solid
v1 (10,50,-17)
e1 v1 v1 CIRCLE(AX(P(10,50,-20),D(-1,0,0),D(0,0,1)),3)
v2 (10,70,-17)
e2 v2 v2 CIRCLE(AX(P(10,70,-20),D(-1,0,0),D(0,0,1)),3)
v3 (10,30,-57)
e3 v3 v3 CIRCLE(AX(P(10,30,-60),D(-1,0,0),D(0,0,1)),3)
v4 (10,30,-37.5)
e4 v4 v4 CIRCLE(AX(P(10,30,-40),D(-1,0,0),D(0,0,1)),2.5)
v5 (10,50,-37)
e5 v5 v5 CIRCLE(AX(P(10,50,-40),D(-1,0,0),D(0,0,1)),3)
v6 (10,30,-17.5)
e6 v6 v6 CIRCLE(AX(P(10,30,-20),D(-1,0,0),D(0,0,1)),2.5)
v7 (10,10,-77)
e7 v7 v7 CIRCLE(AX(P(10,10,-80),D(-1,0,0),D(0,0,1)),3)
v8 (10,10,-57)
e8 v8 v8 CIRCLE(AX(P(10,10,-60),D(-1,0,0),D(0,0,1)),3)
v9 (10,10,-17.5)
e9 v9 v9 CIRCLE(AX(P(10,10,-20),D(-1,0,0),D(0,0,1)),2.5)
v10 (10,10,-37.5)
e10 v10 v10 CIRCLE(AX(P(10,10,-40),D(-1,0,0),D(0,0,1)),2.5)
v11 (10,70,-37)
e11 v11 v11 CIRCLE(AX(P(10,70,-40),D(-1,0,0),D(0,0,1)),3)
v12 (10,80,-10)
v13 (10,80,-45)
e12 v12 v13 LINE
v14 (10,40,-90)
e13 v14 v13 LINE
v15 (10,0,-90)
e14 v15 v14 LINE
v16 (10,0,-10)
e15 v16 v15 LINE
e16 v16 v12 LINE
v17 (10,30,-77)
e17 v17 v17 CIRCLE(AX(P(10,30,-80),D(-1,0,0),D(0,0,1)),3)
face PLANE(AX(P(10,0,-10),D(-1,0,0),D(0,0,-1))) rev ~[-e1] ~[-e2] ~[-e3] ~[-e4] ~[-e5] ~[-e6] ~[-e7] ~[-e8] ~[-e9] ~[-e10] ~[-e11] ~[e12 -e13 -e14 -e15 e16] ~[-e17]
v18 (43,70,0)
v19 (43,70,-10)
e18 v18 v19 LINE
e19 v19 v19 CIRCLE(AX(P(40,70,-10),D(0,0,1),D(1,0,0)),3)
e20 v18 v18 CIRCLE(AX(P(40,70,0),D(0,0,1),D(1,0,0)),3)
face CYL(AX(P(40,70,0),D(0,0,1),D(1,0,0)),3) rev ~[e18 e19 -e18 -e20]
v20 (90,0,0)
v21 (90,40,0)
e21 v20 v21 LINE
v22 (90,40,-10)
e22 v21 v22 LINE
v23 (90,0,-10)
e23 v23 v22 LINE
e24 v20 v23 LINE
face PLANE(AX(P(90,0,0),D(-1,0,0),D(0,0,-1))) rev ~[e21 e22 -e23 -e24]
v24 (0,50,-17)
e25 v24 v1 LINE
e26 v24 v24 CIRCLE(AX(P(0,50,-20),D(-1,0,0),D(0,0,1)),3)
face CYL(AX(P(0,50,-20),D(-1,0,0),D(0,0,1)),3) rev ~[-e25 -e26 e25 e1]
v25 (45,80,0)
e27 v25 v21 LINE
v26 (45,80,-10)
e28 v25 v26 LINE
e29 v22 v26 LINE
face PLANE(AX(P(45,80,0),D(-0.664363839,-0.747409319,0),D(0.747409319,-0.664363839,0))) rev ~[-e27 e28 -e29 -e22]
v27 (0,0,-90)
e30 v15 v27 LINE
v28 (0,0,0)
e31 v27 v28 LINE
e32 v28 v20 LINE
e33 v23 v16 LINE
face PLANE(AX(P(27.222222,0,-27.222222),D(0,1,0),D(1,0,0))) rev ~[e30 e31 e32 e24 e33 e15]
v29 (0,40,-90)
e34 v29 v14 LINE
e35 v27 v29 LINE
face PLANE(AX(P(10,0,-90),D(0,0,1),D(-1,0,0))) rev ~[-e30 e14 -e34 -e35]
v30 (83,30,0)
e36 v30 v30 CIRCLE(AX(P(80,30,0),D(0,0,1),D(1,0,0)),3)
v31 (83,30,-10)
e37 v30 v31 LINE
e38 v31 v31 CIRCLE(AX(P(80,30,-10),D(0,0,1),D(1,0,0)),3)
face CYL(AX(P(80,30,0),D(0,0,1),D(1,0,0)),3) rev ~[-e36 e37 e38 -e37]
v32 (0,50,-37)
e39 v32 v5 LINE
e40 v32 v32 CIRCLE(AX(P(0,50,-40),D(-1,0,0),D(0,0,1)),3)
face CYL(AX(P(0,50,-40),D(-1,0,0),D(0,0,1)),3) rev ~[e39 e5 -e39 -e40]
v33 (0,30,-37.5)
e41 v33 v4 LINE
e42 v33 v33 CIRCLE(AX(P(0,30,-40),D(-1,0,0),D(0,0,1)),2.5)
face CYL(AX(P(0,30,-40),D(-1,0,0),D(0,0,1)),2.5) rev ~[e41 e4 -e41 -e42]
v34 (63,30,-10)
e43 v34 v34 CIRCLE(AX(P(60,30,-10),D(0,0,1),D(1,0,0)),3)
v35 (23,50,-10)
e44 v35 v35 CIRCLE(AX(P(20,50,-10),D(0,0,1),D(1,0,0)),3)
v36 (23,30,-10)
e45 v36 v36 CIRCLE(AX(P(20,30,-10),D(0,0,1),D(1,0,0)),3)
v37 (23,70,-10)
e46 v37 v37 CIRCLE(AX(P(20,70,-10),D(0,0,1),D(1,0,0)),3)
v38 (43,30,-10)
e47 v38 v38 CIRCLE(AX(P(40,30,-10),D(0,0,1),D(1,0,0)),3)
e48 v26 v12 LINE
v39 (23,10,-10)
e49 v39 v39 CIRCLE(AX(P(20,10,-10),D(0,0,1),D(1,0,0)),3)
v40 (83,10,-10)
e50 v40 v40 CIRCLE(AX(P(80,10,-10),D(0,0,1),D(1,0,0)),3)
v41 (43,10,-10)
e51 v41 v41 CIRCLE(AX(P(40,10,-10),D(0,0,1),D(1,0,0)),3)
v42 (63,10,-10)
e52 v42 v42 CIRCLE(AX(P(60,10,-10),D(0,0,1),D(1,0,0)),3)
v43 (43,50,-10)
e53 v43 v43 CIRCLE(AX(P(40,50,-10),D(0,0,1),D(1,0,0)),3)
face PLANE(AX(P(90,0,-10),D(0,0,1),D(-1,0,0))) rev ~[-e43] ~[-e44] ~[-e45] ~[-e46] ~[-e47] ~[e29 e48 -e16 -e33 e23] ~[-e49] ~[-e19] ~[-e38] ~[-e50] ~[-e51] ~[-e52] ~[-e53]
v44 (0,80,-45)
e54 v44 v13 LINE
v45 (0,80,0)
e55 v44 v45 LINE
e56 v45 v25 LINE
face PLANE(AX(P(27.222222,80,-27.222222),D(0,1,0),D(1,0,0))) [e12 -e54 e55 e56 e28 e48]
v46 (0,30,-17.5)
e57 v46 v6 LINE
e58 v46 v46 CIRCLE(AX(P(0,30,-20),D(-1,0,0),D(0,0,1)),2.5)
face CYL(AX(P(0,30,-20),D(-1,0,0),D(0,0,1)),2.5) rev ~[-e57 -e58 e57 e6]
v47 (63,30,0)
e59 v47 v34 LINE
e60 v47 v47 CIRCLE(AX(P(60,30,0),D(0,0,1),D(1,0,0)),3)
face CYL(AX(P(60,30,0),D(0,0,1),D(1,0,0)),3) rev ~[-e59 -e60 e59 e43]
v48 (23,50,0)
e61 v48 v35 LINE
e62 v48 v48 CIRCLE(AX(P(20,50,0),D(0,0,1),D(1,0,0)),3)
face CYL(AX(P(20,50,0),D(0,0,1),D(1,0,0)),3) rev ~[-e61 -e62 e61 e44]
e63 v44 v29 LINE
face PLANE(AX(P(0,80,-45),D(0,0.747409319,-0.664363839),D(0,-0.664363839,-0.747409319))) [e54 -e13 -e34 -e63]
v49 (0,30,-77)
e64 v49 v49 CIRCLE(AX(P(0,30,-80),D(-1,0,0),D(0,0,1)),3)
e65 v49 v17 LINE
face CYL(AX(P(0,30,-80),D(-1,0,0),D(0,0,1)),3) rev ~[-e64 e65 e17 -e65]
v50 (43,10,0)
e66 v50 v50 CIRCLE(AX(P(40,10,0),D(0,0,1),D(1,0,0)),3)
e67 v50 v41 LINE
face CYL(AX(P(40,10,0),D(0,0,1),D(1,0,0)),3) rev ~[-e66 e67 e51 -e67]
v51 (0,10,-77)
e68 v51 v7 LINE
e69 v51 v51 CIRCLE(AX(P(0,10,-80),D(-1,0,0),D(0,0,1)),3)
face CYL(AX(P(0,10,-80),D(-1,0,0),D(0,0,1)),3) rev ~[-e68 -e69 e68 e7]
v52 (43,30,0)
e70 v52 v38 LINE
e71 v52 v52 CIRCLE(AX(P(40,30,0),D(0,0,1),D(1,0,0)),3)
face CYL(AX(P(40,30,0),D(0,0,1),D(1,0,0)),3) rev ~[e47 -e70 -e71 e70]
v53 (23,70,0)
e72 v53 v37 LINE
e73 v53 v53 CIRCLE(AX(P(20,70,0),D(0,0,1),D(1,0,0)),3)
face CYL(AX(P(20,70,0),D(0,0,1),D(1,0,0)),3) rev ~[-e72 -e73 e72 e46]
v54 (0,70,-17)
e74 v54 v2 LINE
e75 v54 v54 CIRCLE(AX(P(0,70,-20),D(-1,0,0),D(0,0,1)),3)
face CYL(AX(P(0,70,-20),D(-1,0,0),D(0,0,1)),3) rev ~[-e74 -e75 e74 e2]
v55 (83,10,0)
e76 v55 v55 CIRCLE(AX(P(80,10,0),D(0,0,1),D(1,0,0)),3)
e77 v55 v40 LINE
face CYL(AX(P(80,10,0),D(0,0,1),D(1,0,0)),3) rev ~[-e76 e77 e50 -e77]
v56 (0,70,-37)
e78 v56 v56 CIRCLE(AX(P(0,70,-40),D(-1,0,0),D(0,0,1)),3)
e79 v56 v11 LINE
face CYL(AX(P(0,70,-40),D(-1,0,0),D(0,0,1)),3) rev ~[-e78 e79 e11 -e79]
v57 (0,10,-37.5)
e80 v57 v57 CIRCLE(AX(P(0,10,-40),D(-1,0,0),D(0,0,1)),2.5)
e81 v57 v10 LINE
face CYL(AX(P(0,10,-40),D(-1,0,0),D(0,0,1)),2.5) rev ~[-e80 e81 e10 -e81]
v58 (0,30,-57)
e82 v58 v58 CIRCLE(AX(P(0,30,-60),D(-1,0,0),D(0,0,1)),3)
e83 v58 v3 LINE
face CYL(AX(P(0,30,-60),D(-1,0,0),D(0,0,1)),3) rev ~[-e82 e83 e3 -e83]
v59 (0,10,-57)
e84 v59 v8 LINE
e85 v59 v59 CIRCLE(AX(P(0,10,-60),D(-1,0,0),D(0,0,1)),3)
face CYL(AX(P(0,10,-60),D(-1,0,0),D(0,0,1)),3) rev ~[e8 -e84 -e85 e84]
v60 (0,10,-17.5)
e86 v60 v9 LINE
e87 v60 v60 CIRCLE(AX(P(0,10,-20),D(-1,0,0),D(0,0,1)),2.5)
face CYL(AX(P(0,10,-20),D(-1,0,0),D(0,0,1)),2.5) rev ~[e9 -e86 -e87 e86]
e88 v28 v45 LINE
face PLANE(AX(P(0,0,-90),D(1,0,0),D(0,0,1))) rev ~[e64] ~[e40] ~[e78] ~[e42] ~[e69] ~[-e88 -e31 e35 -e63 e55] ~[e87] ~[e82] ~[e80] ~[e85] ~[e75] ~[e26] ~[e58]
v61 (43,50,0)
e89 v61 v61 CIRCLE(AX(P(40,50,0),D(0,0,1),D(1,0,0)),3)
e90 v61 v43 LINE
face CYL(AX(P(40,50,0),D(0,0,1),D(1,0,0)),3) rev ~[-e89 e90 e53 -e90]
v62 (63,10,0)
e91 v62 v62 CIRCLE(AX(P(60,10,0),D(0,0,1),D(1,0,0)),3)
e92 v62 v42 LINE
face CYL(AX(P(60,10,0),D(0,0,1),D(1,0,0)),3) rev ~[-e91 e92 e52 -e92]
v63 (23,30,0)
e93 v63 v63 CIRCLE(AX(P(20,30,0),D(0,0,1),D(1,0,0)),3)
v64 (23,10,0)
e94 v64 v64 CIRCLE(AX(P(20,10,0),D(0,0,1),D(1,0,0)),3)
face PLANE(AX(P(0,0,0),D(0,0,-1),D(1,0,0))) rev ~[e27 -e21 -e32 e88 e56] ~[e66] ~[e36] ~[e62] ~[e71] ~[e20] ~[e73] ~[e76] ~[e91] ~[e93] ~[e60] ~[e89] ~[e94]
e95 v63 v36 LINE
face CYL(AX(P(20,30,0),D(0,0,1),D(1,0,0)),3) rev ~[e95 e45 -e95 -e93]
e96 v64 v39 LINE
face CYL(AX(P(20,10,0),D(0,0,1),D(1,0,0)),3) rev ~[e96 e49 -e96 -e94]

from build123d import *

# Parameters (mm, degrees)
BOSS_EXTRUDE1_DEPTH = 80
CUT_EXTRUDE1_REACH  = 152.333
CUT_EXTRUDE2_REACH  = 152.333
CUT_EXTRUDE3_REACH  = 152.333
SKETCH4_R           = 3
CUT_EXTRUDE4_REACH  = 152.333
SKETCH5_R           = 2.5
SKETCH5_R_2         = 3


with BuildPart() as part:
    # Sketch1 → Boss-Extrude1 (new body)
    with BuildSketch(Plane(origin=(0, 0, 0), x_dir=(1, 0, 0), z_dir=(0, 1, 0))):
        Polygon((0, 0), (90, 0), (90, 10), (10, 10), (10, 90), (0, 90), align=None)
    extrude(amount=BOSS_EXTRUDE1_DEPTH)

    # Sketch2 → Cut-Extrude1 (cut, up to next)
    with BuildSketch(Plane.XY, mode=Mode.PRIVATE) as cut_extrude1_sk1:
        Polygon((45, 80), (90, 40), (90, 80), align=None)
    cut_extrude1_tool1 = extrude(cut_extrude1_sk1.sketch, amount=-CUT_EXTRUDE1_REACH, mode=Mode.PRIVATE) & part.part
    add(cut_extrude1_tool1.solids().sort_by_distance((75, 66.666667, 0))[0], mode=Mode.SUBTRACT)

    # Sketch3 → Cut-Extrude2 (cut, up to next)
    with BuildSketch(Plane.ZY, mode=Mode.PRIVATE) as cut_extrude2_sk1:
        Polygon((-45, 80), (-90, 40), (-90, 80), align=None)
    cut_extrude2_tool1 = extrude(cut_extrude2_sk1.sketch, amount=-CUT_EXTRUDE2_REACH, mode=Mode.PRIVATE) & part.part
    add(cut_extrude2_tool1.solids().sort_by_distance((0, 66.666667, -75))[0], mode=Mode.SUBTRACT)

    # Sketch4 → Cut-Extrude3 (cut, up to next)
    with BuildSketch(Plane.XY, mode=Mode.PRIVATE) as cut_extrude3_sk1:
        with Locations((20, 70)):
            Circle(SKETCH4_R)
    cut_extrude3_tool1 = extrude(cut_extrude3_sk1.sketch, amount=-CUT_EXTRUDE3_REACH, mode=Mode.PRIVATE) & part.part
    # Sketch4 → Cut-Extrude3 (cut, up to next)
    with BuildSketch(Plane.XY, mode=Mode.PRIVATE) as cut_extrude3_sk2:
        with Locations((40, 70)):
            Circle(SKETCH4_R)
    cut_extrude3_tool2 = extrude(cut_extrude3_sk2.sketch, amount=-CUT_EXTRUDE3_REACH, mode=Mode.PRIVATE) & part.part
    # Sketch4 → Cut-Extrude3 (cut, up to next)
    with BuildSketch(Plane.XY, mode=Mode.PRIVATE) as cut_extrude3_sk3:
        with Locations((40, 50)):
            Circle(SKETCH4_R)
    cut_extrude3_tool3 = extrude(cut_extrude3_sk3.sketch, amount=-CUT_EXTRUDE3_REACH, mode=Mode.PRIVATE) & part.part
    # Sketch4 → Cut-Extrude3 (cut, up to next)
    with BuildSketch(Plane.XY, mode=Mode.PRIVATE) as cut_extrude3_sk4:
        with Locations((20, 30)):
            Circle(SKETCH4_R)
    cut_extrude3_tool4 = extrude(cut_extrude3_sk4.sketch, amount=-CUT_EXTRUDE3_REACH, mode=Mode.PRIVATE) & part.part
    # Sketch4 → Cut-Extrude3 (cut, up to next)
    with BuildSketch(Plane.XY, mode=Mode.PRIVATE) as cut_extrude3_sk5:
        with Locations((40, 10)):
            Circle(SKETCH4_R)
    cut_extrude3_tool5 = extrude(cut_extrude3_sk5.sketch, amount=-CUT_EXTRUDE3_REACH, mode=Mode.PRIVATE) & part.part
    # Sketch4 → Cut-Extrude3 (cut, up to next)
    with BuildSketch(Plane.XY, mode=Mode.PRIVATE) as cut_extrude3_sk6:
        with Locations((20, 50)):
            Circle(SKETCH4_R)
    cut_extrude3_tool6 = extrude(cut_extrude3_sk6.sketch, amount=-CUT_EXTRUDE3_REACH, mode=Mode.PRIVATE) & part.part
    # Sketch4 → Cut-Extrude3 (cut, up to next)
    with BuildSketch(Plane.XY, mode=Mode.PRIVATE) as cut_extrude3_sk7:
        with Locations((40, 30)):
            Circle(SKETCH4_R)
    cut_extrude3_tool7 = extrude(cut_extrude3_sk7.sketch, amount=-CUT_EXTRUDE3_REACH, mode=Mode.PRIVATE) & part.part
    # Sketch4 → Cut-Extrude3 (cut, up to next)
    with BuildSketch(Plane.XY, mode=Mode.PRIVATE) as cut_extrude3_sk8:
        with Locations((20, 10)):
            Circle(SKETCH4_R)
    cut_extrude3_tool8 = extrude(cut_extrude3_sk8.sketch, amount=-CUT_EXTRUDE3_REACH, mode=Mode.PRIVATE) & part.part
    # Sketch4 → Cut-Extrude3 (cut, up to next)
    with BuildSketch(Plane.XY, mode=Mode.PRIVATE) as cut_extrude3_sk9:
        with Locations((60, 30)):
            Circle(SKETCH4_R)
    cut_extrude3_tool9 = extrude(cut_extrude3_sk9.sketch, amount=-CUT_EXTRUDE3_REACH, mode=Mode.PRIVATE) & part.part
    # Sketch4 → Cut-Extrude3 (cut, up to next)
    with BuildSketch(Plane.XY, mode=Mode.PRIVATE) as cut_extrude3_sk10:
        with Locations((80, 10)):
            Circle(SKETCH4_R)
    cut_extrude3_tool10 = extrude(cut_extrude3_sk10.sketch, amount=-CUT_EXTRUDE3_REACH, mode=Mode.PRIVATE) & part.part
    # Sketch4 → Cut-Extrude3 (cut, up to next)
    with BuildSketch(Plane.XY, mode=Mode.PRIVATE) as cut_extrude3_sk11:
        with Locations((80, 30)):
            Circle(SKETCH4_R)
    cut_extrude3_tool11 = extrude(cut_extrude3_sk11.sketch, amount=-CUT_EXTRUDE3_REACH, mode=Mode.PRIVATE) & part.part
    # Sketch4 → Cut-Extrude3 (cut, up to next)
    with BuildSketch(Plane.XY, mode=Mode.PRIVATE) as cut_extrude3_sk12:
        with Locations((60, 10)):
            Circle(SKETCH4_R)
    cut_extrude3_tool12 = extrude(cut_extrude3_sk12.sketch, amount=-CUT_EXTRUDE3_REACH, mode=Mode.PRIVATE) & part.part
    add(cut_extrude3_tool1.solids().sort_by_distance((20, 70, 0))[0], mode=Mode.SUBTRACT)
    add(cut_extrude3_tool2.solids().sort_by_distance((40, 70, 0))[0], mode=Mode.SUBTRACT)
    add(cut_extrude3_tool3.solids().sort_by_distance((40, 50, 0))[0], mode=Mode.SUBTRACT)
    add(cut_extrude3_tool4.solids().sort_by_distance((20, 30, 0))[0], mode=Mode.SUBTRACT)
    add(cut_extrude3_tool5.solids().sort_by_distance((40, 10, 0))[0], mode=Mode.SUBTRACT)
    add(cut_extrude3_tool6.solids().sort_by_distance((20, 50, 0))[0], mode=Mode.SUBTRACT)
    add(cut_extrude3_tool7.solids().sort_by_distance((40, 30, 0))[0], mode=Mode.SUBTRACT)
    add(cut_extrude3_tool8.solids().sort_by_distance((20, 10, 0))[0], mode=Mode.SUBTRACT)
    add(cut_extrude3_tool9.solids().sort_by_distance((60, 30, 0))[0], mode=Mode.SUBTRACT)
    add(cut_extrude3_tool10.solids().sort_by_distance((80, 10, 0))[0], mode=Mode.SUBTRACT)
    add(cut_extrude3_tool11.solids().sort_by_distance((80, 30, 0))[0], mode=Mode.SUBTRACT)
    add(cut_extrude3_tool12.solids().sort_by_distance((60, 10, 0))[0], mode=Mode.SUBTRACT)

    # Sketch5 → Cut-Extrude4 (cut, up to next)
    with BuildSketch(Plane.ZY, mode=Mode.PRIVATE) as cut_extrude4_sk1:
        with Locations((-20, 30)):
            Circle(SKETCH5_R)
    cut_extrude4_tool1 = extrude(cut_extrude4_sk1.sketch, amount=-CUT_EXTRUDE4_REACH, mode=Mode.PRIVATE) & part.part
    # Sketch5 → Cut-Extrude4 (cut, up to next)
    with BuildSketch(Plane.ZY, mode=Mode.PRIVATE) as cut_extrude4_sk2:
        with Locations((-40, 30)):
            Circle(SKETCH5_R)
    cut_extrude4_tool2 = extrude(cut_extrude4_sk2.sketch, amount=-CUT_EXTRUDE4_REACH, mode=Mode.PRIVATE) & part.part
    # Sketch5 → Cut-Extrude4 (cut, up to next)
    with BuildSketch(Plane.ZY, mode=Mode.PRIVATE) as cut_extrude4_sk3:
        with Locations((-40, 10)):
            Circle(SKETCH5_R)
    cut_extrude4_tool3 = extrude(cut_extrude4_sk3.sketch, amount=-CUT_EXTRUDE4_REACH, mode=Mode.PRIVATE) & part.part
    # Sketch5 → Cut-Extrude4 (cut, up to next)
    with BuildSketch(Plane.ZY, mode=Mode.PRIVATE) as cut_extrude4_sk4:
        with Locations((-20, 10)):
            Circle(SKETCH5_R)
    cut_extrude4_tool4 = extrude(cut_extrude4_sk4.sketch, amount=-CUT_EXTRUDE4_REACH, mode=Mode.PRIVATE) & part.part
    # Sketch5 → Cut-Extrude4 (cut, up to next)
    with BuildSketch(Plane.ZY, mode=Mode.PRIVATE) as cut_extrude4_sk5:
        with Locations((-20, 70)):
            Circle(SKETCH5_R_2)
    cut_extrude4_tool5 = extrude(cut_extrude4_sk5.sketch, amount=-CUT_EXTRUDE4_REACH, mode=Mode.PRIVATE) & part.part
    # Sketch5 → Cut-Extrude4 (cut, up to next)
    with BuildSketch(Plane.ZY, mode=Mode.PRIVATE) as cut_extrude4_sk6:
        with Locations((-40, 70)):
            Circle(SKETCH5_R_2)
    cut_extrude4_tool6 = extrude(cut_extrude4_sk6.sketch, amount=-CUT_EXTRUDE4_REACH, mode=Mode.PRIVATE) & part.part
    # Sketch5 → Cut-Extrude4 (cut, up to next)
    with BuildSketch(Plane.ZY, mode=Mode.PRIVATE) as cut_extrude4_sk7:
        with Locations((-40, 50)):
            Circle(SKETCH5_R_2)
    cut_extrude4_tool7 = extrude(cut_extrude4_sk7.sketch, amount=-CUT_EXTRUDE4_REACH, mode=Mode.PRIVATE) & part.part
    # Sketch5 → Cut-Extrude4 (cut, up to next)
    with BuildSketch(Plane.ZY, mode=Mode.PRIVATE) as cut_extrude4_sk8:
        with Locations((-20, 50)):
            Circle(SKETCH5_R_2)
    cut_extrude4_tool8 = extrude(cut_extrude4_sk8.sketch, amount=-CUT_EXTRUDE4_REACH, mode=Mode.PRIVATE) & part.part
    # Sketch5 → Cut-Extrude4 (cut, up to next)
    with BuildSketch(Plane.ZY, mode=Mode.PRIVATE) as cut_extrude4_sk9:
        with Locations((-60, 30)):
            Circle(SKETCH5_R_2)
    cut_extrude4_tool9 = extrude(cut_extrude4_sk9.sketch, amount=-CUT_EXTRUDE4_REACH, mode=Mode.PRIVATE) & part.part
    # Sketch5 → Cut-Extrude4 (cut, up to next)
    with BuildSketch(Plane.ZY, mode=Mode.PRIVATE) as cut_extrude4_sk10:
        with Locations((-80, 30)):
            Circle(SKETCH5_R_2)
    cut_extrude4_tool10 = extrude(cut_extrude4_sk10.sketch, amount=-CUT_EXTRUDE4_REACH, mode=Mode.PRIVATE) & part.part
    # Sketch5 → Cut-Extrude4 (cut, up to next)
    with BuildSketch(Plane.ZY, mode=Mode.PRIVATE) as cut_extrude4_sk11:
        with Locations((-80, 10)):
            Circle(SKETCH5_R_2)
    cut_extrude4_tool11 = extrude(cut_extrude4_sk11.sketch, amount=-CUT_EXTRUDE4_REACH, mode=Mode.PRIVATE) & part.part
    # Sketch5 → Cut-Extrude4 (cut, up to next)
    with BuildSketch(Plane.ZY, mode=Mode.PRIVATE) as cut_extrude4_sk12:
        with Locations((-60, 10)):
            Circle(SKETCH5_R_2)
    cut_extrude4_tool12 = extrude(cut_extrude4_sk12.sketch, amount=-CUT_EXTRUDE4_REACH, mode=Mode.PRIVATE) & part.part
    add(cut_extrude4_tool1.solids().sort_by_distance((0, 30, -20))[0], mode=Mode.SUBTRACT)
    add(cut_extrude4_tool2.solids().sort_by_distance((0, 30, -40))[0], mode=Mode.SUBTRACT)
    add(cut_extrude4_tool3.solids().sort_by_distance((0, 10, -40))[0], mode=Mode.SUBTRACT)
    add(cut_extrude4_tool4.solids().sort_by_distance((0, 10, -20))[0], mode=Mode.SUBTRACT)
    add(cut_extrude4_tool5.solids().sort_by_distance((0, 70, -20))[0], mode=Mode.SUBTRACT)
    add(cut_extrude4_tool6.solids().sort_by_distance((0, 70, -40))[0], mode=Mode.SUBTRACT)
    add(cut_extrude4_tool7.solids().sort_by_distance((0, 50, -40))[0], mode=Mode.SUBTRACT)
    add(cut_extrude4_tool8.solids().sort_by_distance((0, 50, -20))[0], mode=Mode.SUBTRACT)
    add(cut_extrude4_tool9.solids().sort_by_distance((0, 30, -60))[0], mode=Mode.SUBTRACT)
    add(cut_extrude4_tool10.solids().sort_by_distance((0, 30, -80))[0], mode=Mode.SUBTRACT)
    add(cut_extrude4_tool11.solids().sort_by_distance((0, 10, -80))[0], mode=Mode.SUBTRACT)
    add(cut_extrude4_tool12.solids().sort_by_distance((0, 10, -60))[0], mode=Mode.SUBTRACT)


solid = part.part
